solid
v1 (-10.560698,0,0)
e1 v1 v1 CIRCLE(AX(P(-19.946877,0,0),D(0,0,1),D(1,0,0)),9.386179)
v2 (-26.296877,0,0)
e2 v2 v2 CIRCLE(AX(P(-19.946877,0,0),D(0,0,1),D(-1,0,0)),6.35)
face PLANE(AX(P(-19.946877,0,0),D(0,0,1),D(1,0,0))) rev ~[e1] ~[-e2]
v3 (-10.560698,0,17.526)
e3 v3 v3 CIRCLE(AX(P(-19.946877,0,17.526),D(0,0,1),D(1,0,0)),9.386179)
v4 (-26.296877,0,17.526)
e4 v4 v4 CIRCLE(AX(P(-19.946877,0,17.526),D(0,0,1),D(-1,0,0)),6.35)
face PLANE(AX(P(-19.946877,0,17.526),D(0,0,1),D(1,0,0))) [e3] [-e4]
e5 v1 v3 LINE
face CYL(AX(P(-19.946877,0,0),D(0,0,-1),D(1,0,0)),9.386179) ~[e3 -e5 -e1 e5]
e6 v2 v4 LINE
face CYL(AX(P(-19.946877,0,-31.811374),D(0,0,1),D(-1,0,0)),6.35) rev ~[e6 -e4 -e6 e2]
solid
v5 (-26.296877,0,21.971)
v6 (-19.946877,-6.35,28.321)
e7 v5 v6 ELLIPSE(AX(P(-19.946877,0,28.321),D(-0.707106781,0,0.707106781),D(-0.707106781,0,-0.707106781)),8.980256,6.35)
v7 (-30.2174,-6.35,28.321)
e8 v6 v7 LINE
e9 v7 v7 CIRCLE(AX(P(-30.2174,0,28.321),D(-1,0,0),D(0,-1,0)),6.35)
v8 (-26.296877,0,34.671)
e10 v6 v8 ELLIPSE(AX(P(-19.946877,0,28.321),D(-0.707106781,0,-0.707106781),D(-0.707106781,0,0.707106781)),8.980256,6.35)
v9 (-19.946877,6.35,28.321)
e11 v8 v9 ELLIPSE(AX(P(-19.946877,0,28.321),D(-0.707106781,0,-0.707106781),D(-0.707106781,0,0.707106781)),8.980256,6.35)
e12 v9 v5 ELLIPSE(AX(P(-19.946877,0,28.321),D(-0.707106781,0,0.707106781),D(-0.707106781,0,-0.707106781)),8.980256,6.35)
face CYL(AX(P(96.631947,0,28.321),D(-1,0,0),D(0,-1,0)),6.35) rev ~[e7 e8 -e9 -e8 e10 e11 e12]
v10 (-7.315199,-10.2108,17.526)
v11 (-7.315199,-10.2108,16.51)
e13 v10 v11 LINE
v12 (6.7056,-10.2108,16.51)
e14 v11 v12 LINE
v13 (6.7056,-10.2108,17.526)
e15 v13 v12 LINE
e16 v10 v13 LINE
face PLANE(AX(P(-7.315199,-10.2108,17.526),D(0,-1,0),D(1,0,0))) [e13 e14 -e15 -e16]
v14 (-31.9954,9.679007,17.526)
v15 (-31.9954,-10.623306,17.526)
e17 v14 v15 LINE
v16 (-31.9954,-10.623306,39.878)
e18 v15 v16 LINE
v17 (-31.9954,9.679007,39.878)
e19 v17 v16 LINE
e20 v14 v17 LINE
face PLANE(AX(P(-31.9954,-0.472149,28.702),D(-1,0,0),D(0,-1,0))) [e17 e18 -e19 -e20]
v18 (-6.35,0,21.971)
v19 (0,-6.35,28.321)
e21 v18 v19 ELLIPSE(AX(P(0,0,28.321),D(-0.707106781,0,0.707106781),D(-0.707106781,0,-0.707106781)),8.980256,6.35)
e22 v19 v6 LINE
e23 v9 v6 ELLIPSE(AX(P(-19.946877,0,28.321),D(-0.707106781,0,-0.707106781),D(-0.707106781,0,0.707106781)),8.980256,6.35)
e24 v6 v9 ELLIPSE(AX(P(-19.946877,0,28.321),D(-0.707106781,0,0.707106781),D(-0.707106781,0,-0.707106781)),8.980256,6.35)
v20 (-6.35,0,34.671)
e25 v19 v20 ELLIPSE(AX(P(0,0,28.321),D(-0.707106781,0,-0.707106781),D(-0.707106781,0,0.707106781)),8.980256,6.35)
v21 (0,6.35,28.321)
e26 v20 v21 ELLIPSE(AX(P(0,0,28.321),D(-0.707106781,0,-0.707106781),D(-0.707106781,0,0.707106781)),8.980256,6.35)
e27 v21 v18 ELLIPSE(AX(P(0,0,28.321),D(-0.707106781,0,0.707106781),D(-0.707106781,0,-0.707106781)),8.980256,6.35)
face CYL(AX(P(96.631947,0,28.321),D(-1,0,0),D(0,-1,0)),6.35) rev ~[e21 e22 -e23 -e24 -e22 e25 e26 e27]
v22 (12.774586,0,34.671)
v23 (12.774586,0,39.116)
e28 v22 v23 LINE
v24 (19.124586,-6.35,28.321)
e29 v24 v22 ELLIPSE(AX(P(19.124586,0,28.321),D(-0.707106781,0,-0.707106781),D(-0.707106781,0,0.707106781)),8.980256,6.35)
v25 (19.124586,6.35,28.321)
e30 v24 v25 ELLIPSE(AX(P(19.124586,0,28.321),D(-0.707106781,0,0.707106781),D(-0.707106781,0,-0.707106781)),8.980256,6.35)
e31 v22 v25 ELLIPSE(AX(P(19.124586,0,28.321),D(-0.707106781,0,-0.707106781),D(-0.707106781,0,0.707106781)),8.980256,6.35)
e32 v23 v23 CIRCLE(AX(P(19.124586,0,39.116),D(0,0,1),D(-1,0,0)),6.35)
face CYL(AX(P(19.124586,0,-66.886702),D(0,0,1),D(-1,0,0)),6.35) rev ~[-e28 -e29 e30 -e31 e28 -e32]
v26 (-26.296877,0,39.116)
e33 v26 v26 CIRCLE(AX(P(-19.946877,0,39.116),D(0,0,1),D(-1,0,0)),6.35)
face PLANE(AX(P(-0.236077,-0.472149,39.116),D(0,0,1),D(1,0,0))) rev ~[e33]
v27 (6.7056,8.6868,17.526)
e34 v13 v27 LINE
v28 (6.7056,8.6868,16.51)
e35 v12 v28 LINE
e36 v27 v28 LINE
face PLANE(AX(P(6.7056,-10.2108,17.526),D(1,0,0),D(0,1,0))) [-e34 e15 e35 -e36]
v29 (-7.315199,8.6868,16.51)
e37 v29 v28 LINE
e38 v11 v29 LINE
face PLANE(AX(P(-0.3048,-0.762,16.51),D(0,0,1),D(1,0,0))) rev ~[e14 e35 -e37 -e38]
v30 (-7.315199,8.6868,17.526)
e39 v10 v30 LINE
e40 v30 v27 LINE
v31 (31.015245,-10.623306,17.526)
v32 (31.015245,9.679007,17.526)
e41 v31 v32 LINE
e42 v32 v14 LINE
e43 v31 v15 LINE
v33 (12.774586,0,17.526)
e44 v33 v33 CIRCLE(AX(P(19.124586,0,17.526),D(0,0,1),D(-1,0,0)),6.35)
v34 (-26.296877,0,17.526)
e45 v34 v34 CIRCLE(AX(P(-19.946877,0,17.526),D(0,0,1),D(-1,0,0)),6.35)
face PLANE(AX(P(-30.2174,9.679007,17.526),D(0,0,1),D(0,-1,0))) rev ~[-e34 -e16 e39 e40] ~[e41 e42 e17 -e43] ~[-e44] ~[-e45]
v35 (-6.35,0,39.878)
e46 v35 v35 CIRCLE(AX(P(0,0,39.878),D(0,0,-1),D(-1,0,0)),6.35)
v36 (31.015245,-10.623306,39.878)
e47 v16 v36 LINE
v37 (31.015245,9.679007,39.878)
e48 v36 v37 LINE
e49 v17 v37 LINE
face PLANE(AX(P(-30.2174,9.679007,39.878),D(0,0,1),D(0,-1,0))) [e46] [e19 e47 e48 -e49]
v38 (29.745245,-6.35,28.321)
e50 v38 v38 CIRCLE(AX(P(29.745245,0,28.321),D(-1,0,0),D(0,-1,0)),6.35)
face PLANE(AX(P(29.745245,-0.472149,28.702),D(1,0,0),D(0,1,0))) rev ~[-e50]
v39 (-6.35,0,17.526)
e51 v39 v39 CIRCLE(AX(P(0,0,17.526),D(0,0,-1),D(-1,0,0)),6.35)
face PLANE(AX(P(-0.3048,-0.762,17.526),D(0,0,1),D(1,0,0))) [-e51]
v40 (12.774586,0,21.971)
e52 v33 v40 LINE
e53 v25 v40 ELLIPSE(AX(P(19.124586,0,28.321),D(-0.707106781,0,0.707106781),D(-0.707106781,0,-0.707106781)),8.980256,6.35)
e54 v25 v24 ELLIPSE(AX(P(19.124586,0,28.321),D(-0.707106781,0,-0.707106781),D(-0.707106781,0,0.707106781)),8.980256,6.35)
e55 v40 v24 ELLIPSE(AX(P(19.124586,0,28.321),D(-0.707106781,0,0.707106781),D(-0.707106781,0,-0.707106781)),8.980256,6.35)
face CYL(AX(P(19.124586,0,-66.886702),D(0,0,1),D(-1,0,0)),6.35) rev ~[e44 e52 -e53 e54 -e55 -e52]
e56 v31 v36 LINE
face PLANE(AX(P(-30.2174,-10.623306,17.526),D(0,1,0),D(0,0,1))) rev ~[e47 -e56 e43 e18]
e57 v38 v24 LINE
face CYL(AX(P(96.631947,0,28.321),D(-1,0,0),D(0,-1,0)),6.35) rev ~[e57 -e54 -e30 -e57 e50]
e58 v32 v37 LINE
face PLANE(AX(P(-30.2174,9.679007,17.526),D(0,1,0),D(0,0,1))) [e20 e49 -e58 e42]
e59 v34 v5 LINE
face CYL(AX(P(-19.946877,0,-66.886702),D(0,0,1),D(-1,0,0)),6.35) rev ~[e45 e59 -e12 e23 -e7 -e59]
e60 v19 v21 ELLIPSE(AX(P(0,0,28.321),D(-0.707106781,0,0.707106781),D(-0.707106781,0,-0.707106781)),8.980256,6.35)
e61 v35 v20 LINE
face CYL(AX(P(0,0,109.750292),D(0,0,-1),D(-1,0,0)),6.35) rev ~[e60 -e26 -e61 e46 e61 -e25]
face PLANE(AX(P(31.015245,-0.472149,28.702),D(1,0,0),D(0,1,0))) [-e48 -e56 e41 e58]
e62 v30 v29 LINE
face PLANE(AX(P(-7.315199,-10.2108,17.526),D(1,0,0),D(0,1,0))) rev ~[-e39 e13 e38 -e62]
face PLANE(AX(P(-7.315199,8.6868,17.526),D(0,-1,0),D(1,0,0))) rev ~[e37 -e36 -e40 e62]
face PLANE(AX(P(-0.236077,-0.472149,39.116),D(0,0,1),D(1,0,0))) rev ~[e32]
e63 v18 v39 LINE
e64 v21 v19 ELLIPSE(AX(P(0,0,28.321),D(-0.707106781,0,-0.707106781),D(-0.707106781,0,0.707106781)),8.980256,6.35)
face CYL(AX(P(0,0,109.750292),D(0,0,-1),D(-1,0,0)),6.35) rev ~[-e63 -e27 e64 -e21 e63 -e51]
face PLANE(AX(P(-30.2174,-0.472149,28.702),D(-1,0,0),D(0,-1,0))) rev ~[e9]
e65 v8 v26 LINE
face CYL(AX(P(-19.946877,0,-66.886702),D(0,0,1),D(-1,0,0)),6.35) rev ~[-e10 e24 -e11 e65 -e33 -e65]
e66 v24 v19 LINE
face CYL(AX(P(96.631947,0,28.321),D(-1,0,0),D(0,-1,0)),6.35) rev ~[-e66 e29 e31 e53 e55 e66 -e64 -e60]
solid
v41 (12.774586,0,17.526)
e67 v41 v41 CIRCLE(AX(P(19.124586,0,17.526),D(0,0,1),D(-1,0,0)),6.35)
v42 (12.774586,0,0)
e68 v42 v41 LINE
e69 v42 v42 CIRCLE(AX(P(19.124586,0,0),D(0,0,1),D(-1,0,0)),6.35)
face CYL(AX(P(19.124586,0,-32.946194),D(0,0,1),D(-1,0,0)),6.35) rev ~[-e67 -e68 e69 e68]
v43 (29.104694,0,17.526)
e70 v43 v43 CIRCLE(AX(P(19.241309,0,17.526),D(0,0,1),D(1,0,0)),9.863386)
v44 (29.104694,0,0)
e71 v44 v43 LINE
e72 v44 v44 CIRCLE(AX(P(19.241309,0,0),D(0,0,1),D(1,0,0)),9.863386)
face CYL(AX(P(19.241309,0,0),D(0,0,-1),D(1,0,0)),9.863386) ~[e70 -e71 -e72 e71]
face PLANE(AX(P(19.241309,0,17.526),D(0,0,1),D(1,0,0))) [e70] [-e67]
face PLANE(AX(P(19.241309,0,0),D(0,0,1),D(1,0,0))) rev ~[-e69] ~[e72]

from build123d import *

# Parameters (mm, degrees)
F0_R      = 9.3861787979
F1_DEPTH  = 17.526
F0_R_2    = 9.8633855672
F2_W      = 59.9626451731
F2_H      = 20.3023133799
F3_DEPTH  = 21.59
F5_D      = 12.7
F7_D      = 12.7
F7_2_D    = 12.7
F7_3_D    = 12.7
F8_W      = 59.9626451731
F8_H      = 20.3023133799
F9_DEPTH  = 0.762
F10_W     = 20.3023133799
F10_H     = 22.352
F11_DEPTH = 1.27
F12_W     = 20.3023133799
F12_H     = 22.352
F14_DEPTH = 1.778
F15_D     = 12.7
F16_W     = 14.0207996592
F16_H     = 18.8975995407
F17_DEPTH = 1.016


with BuildPart() as f1:
    # F0 (on Top) → F1 (new body)
    with BuildSketch(Plane.XY):
        with Locations((-19.9468769133, 0)):
            Circle(F0_R)
    extrude(amount=F1_DEPTH)

    # F7 (through all)
    with Locations(Plane(origin=(0, 0, 0), x_dir=(1, 0, 0), z_dir=(0, 0, -1))):
        with Locations((-19.9468769133, 0), (19.1245861351, 0)):
            Hole(F7_D / 2)


with BuildPart() as f1b:
    # F0 (on Top) → F1, piece 2 (new body)
    with BuildSketch(Plane.XY):
        with Locations((19.2413087934, 0)):
            Circle(F0_R_2)
    extrude(amount=F1_DEPTH)

    # F7#2 (through all)
    with Locations(Plane(origin=(0, 0, 0), x_dir=(1, 0, 0), z_dir=(0, 0, -1))):
        with Locations((-19.9468769133, 0), (19.1245861351, 0)):
            Hole(F7_2_D / 2)


with BuildPart() as f3:
    # F2 (on face) → F3 (new body)
    with BuildSketch(Plane.XY.offset(17.526)):
        with Locations((-0.2360772341, -0.472149346)):
            Rectangle(F2_W, F2_H)
    extrude(amount=F3_DEPTH)

    # F5 (through all)
    with Locations(Plane.YZ.offset(29.7452453524)):
        with Locations((0, 28.321)):
            Hole(F5_D / 2)

    # F7#3 (through all)
    with Locations(Plane(origin=(0, 0, 0), x_dir=(1, 0, 0), z_dir=(0, 0, -1))):
        with Locations((-19.9468769133, 0), (19.1245861351, 0)):
            Hole(F7_3_D / 2)

    # F8 (on face) → F9 (join)
    with BuildSketch(Plane.XY.offset(39.116)):
        with Locations((-0.2360772341, -0.472149346)):
            Rectangle(F8_W, F8_H)
    extrude(amount=F9_DEPTH)

    # F10 (on face) → F11 (join)
    with BuildSketch(Plane.YZ.offset(29.7452453524)):
        with Locations((-0.472149346, 28.702)):
            Rectangle(F10_W, F10_H)
    extrude(amount=F11_DEPTH)

    # F12 (on face) → F14 (join)
    with BuildSketch(Plane(origin=(-30.2173998207, 0, 0), x_dir=(0, -1, 0), z_dir=(-1, 0, 0))):
        with Locations((0.472149346, 28.702)):
            Rectangle(F12_W, F12_H)
    extrude(amount=F14_DEPTH)

    # F15 (through all)
    with Locations(Plane.XY.offset(39.878)):
        with Locations((0, 0)):
            Hole(F15_D / 2)

    # F16 (on face) → F17 (join)
    with BuildSketch(Plane.XY.offset(17.526)):
        with Locations((-0.3047995269, -0.7620002143)):
            Rectangle(F16_W, F16_H)
    extrude(amount=-F17_DEPTH)


solid = Compound([f1.part, f1b.part, f3.part])
